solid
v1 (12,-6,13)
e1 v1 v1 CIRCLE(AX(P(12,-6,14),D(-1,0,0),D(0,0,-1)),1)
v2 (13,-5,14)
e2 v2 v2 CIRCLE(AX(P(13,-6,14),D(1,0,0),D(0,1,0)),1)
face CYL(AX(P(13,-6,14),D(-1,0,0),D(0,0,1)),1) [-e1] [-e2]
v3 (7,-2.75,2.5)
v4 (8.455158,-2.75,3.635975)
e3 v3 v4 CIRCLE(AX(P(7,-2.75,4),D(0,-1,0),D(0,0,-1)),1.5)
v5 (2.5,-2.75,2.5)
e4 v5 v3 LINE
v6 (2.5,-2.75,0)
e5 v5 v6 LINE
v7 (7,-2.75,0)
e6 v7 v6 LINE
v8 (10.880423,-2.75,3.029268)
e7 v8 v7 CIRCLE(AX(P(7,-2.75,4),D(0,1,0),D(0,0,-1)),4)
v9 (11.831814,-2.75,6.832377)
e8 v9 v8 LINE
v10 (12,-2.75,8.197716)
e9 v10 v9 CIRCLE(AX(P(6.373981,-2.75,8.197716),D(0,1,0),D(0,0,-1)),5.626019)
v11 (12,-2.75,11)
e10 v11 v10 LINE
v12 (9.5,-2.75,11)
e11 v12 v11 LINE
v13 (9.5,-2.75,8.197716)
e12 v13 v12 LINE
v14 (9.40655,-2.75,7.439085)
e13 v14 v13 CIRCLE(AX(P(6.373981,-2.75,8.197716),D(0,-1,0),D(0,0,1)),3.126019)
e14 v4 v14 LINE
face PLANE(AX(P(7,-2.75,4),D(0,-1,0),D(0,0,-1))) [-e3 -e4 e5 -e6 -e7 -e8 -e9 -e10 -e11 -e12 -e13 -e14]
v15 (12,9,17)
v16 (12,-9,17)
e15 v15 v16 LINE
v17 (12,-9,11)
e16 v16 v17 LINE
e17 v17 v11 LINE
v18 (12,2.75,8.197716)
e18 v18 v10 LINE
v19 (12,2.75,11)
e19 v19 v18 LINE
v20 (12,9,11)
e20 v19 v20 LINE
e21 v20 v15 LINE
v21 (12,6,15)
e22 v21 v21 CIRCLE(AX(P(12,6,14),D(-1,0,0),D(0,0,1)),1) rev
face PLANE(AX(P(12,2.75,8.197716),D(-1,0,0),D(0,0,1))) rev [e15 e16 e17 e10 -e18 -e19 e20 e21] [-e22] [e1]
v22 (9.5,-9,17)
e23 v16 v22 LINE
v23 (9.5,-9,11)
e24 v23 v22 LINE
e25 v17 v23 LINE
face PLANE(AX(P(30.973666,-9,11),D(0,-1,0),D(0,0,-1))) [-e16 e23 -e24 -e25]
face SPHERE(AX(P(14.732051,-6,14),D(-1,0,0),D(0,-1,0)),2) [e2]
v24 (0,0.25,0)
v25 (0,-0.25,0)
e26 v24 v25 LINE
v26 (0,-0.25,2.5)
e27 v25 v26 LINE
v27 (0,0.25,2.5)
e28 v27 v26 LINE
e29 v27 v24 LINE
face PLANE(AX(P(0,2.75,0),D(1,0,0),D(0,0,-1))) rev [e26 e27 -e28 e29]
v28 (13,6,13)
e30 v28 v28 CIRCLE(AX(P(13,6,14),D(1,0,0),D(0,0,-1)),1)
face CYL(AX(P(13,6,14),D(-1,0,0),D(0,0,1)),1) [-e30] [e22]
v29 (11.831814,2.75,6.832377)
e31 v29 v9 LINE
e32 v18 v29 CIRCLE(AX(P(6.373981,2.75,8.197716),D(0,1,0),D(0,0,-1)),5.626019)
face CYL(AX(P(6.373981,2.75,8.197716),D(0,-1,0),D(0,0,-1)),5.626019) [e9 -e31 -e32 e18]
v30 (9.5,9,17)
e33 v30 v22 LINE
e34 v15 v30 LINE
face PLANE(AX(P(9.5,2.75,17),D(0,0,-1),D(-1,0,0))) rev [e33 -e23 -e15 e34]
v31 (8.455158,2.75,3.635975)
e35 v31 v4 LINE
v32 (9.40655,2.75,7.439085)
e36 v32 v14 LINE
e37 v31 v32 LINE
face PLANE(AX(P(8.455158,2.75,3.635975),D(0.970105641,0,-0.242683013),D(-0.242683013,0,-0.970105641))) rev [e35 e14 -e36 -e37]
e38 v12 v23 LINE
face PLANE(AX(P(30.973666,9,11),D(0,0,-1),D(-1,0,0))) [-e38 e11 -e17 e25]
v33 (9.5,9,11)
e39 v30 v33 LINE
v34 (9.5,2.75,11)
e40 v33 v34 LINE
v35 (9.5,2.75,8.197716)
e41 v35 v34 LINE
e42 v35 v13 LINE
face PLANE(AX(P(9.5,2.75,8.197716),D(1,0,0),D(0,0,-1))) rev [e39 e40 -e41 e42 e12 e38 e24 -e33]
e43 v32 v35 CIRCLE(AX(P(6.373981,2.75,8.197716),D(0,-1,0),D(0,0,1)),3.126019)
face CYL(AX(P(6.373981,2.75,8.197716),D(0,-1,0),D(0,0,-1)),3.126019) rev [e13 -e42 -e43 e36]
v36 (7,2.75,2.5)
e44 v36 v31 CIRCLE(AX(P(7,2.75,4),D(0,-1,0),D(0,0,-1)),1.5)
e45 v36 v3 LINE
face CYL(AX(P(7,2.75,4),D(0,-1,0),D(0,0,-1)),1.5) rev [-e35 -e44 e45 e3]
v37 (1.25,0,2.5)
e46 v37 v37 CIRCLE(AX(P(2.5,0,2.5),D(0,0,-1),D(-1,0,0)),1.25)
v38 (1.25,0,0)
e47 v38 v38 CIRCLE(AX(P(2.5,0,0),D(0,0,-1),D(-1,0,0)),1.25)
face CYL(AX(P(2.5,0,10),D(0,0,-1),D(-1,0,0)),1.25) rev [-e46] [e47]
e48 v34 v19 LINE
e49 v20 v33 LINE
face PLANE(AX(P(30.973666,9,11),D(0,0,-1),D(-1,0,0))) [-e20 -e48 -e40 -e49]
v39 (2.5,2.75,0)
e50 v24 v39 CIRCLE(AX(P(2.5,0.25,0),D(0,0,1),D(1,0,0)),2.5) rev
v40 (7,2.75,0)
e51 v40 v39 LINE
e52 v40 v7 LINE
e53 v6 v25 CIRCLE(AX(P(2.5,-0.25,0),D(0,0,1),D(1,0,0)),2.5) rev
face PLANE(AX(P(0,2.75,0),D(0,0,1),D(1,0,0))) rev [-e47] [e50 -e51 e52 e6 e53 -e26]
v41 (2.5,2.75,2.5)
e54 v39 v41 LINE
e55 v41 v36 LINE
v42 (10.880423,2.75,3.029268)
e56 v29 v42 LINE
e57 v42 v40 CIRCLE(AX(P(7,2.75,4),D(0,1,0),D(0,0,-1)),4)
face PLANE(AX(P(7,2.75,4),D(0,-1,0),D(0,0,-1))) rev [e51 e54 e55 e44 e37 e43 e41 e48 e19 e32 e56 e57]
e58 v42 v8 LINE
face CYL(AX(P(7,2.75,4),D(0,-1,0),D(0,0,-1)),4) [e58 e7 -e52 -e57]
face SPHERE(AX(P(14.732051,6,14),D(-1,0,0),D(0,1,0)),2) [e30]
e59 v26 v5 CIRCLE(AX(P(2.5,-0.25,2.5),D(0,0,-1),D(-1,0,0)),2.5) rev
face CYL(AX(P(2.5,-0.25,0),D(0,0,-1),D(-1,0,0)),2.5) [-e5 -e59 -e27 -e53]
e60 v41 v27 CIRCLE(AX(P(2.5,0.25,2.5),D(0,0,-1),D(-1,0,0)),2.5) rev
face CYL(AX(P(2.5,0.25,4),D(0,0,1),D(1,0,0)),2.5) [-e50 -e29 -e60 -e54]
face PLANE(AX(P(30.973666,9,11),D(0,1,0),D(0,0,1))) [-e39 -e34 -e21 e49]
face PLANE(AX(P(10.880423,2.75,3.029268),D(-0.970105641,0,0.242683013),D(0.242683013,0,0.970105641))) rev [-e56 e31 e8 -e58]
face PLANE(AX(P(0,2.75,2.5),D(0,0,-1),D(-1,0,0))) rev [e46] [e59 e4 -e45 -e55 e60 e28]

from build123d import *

# Parameters (mm, degrees)
EXTRUDE_1_DEPTH     = 2.75
SKETCH_2_R          = 1.25
CUT_EXTRUDE_1_DEPTH = 10
FILLET_2_R          = 2.5
SKETCH_4_W          = 6
SKETCH_4_H          = 18
EXTRUDE_2_DEPTH     = 2.5
SKETCH_5_R          = 1
EXTRUDE_3_DEPTH     = 1


with BuildPart() as part:
    # 草图1 → 凸台-拉伸1 (new, symmetric)
    with BuildSketch(Plane(origin=(0, 0, 0), x_dir=(1, 0, 0), z_dir=(0, 1, 0))):
        with BuildLine():
            Line((0, 0), (7, 0))
            ThreePointArc((7, 0), (9.461409331, -0.846991262), (10.880422565, -3.029267947))
            Line((10.880422565, -3.029267947), (11.831813783, -6.832377099))
            ThreePointArc((11.831813783, -6.832377099), (11.957795141, -7.509886755), (12, -8.197716229))
            Line((12, -8.197716229), (12, -17))
            Line((12, -17), (9.5, -17))
            Line((9.5, -17), (9.5, -8.197716229))
            ThreePointArc((9.5, -8.197716229), (9.47654946, -7.815533399), (9.40654968, -7.439084632))
            Line((9.40654968, -7.439084632), (8.455158462, -3.63597548))
            ThreePointArc((8.455158462, -3.63597548), (7.923028499, -2.817621723), (7, -2.5))
            Line((7, -2.5), (0, -2.5))
            Line((0, -2.5), (0, 0))
        make_face()
    extrude(amount=EXTRUDE_1_DEPTH, both=True)

    # 草图2 → 切除-拉伸1 (cut)
    with BuildSketch(Plane(origin=(0, 0, 0), x_dir=(-1, 0, 0), z_dir=(0, 0, -1))):
        with Locations((-2.5, 0)):
            Circle(SKETCH_2_R)
    extrude(amount=-CUT_EXTRUDE_1_DEPTH, mode=Mode.SUBTRACT)

    # 圆角2
    fillet_2_edges = [part.edges().sort_by_distance(p)[0] for p in [
        (0, -2.75, 1.25),
        (0, 2.75, 1.25),
    ]]
    fillet(fillet_2_edges, radius=FILLET_2_R)

    # 草图4 → 凸台-拉伸2 (add)
    with BuildSketch(Plane.ZY.offset(-9.5)):
        with Locations((14, 0)):
            Rectangle(SKETCH_4_W, SKETCH_4_H)
    extrude(amount=-EXTRUDE_2_DEPTH)

    # 草图5 → 凸台-拉伸3 (add)
    with BuildSketch(Plane(origin=(12, 0, 0), x_dir=(0, 0, -1), z_dir=(1, 0, 0))):
        with Locations(Location((-14, 6, 0), (0, 0, 180))):
            Circle(SKETCH_5_R)
    extrude_3 = extrude(amount=EXTRUDE_3_DEPTH)

    # 草图6 → 旋转1 (revolve)
    with BuildSketch(Plane(origin=(0, 0, 14), x_dir=(-1, 0, 0), z_dir=(0, 0, -1))):
        with BuildLine():
            Line((-13, 6), (-16.732050808, 6))
            ThreePointArc((-16.732050808, 6), (-15.249688898, 7.931851653), (-13, 7))
            Line((-13, 7), (-13, 6))
        make_face()
    revolve_1 = revolve(axis=Axis((13, 6, 14), (1, 0, 0)))

    # 镜向1: 凸台-拉伸3, 旋转1 across plane
    add(extrude_3.mirror(Plane.ZX))
    add(revolve_1.mirror(Plane.ZX))


solid = part.part
